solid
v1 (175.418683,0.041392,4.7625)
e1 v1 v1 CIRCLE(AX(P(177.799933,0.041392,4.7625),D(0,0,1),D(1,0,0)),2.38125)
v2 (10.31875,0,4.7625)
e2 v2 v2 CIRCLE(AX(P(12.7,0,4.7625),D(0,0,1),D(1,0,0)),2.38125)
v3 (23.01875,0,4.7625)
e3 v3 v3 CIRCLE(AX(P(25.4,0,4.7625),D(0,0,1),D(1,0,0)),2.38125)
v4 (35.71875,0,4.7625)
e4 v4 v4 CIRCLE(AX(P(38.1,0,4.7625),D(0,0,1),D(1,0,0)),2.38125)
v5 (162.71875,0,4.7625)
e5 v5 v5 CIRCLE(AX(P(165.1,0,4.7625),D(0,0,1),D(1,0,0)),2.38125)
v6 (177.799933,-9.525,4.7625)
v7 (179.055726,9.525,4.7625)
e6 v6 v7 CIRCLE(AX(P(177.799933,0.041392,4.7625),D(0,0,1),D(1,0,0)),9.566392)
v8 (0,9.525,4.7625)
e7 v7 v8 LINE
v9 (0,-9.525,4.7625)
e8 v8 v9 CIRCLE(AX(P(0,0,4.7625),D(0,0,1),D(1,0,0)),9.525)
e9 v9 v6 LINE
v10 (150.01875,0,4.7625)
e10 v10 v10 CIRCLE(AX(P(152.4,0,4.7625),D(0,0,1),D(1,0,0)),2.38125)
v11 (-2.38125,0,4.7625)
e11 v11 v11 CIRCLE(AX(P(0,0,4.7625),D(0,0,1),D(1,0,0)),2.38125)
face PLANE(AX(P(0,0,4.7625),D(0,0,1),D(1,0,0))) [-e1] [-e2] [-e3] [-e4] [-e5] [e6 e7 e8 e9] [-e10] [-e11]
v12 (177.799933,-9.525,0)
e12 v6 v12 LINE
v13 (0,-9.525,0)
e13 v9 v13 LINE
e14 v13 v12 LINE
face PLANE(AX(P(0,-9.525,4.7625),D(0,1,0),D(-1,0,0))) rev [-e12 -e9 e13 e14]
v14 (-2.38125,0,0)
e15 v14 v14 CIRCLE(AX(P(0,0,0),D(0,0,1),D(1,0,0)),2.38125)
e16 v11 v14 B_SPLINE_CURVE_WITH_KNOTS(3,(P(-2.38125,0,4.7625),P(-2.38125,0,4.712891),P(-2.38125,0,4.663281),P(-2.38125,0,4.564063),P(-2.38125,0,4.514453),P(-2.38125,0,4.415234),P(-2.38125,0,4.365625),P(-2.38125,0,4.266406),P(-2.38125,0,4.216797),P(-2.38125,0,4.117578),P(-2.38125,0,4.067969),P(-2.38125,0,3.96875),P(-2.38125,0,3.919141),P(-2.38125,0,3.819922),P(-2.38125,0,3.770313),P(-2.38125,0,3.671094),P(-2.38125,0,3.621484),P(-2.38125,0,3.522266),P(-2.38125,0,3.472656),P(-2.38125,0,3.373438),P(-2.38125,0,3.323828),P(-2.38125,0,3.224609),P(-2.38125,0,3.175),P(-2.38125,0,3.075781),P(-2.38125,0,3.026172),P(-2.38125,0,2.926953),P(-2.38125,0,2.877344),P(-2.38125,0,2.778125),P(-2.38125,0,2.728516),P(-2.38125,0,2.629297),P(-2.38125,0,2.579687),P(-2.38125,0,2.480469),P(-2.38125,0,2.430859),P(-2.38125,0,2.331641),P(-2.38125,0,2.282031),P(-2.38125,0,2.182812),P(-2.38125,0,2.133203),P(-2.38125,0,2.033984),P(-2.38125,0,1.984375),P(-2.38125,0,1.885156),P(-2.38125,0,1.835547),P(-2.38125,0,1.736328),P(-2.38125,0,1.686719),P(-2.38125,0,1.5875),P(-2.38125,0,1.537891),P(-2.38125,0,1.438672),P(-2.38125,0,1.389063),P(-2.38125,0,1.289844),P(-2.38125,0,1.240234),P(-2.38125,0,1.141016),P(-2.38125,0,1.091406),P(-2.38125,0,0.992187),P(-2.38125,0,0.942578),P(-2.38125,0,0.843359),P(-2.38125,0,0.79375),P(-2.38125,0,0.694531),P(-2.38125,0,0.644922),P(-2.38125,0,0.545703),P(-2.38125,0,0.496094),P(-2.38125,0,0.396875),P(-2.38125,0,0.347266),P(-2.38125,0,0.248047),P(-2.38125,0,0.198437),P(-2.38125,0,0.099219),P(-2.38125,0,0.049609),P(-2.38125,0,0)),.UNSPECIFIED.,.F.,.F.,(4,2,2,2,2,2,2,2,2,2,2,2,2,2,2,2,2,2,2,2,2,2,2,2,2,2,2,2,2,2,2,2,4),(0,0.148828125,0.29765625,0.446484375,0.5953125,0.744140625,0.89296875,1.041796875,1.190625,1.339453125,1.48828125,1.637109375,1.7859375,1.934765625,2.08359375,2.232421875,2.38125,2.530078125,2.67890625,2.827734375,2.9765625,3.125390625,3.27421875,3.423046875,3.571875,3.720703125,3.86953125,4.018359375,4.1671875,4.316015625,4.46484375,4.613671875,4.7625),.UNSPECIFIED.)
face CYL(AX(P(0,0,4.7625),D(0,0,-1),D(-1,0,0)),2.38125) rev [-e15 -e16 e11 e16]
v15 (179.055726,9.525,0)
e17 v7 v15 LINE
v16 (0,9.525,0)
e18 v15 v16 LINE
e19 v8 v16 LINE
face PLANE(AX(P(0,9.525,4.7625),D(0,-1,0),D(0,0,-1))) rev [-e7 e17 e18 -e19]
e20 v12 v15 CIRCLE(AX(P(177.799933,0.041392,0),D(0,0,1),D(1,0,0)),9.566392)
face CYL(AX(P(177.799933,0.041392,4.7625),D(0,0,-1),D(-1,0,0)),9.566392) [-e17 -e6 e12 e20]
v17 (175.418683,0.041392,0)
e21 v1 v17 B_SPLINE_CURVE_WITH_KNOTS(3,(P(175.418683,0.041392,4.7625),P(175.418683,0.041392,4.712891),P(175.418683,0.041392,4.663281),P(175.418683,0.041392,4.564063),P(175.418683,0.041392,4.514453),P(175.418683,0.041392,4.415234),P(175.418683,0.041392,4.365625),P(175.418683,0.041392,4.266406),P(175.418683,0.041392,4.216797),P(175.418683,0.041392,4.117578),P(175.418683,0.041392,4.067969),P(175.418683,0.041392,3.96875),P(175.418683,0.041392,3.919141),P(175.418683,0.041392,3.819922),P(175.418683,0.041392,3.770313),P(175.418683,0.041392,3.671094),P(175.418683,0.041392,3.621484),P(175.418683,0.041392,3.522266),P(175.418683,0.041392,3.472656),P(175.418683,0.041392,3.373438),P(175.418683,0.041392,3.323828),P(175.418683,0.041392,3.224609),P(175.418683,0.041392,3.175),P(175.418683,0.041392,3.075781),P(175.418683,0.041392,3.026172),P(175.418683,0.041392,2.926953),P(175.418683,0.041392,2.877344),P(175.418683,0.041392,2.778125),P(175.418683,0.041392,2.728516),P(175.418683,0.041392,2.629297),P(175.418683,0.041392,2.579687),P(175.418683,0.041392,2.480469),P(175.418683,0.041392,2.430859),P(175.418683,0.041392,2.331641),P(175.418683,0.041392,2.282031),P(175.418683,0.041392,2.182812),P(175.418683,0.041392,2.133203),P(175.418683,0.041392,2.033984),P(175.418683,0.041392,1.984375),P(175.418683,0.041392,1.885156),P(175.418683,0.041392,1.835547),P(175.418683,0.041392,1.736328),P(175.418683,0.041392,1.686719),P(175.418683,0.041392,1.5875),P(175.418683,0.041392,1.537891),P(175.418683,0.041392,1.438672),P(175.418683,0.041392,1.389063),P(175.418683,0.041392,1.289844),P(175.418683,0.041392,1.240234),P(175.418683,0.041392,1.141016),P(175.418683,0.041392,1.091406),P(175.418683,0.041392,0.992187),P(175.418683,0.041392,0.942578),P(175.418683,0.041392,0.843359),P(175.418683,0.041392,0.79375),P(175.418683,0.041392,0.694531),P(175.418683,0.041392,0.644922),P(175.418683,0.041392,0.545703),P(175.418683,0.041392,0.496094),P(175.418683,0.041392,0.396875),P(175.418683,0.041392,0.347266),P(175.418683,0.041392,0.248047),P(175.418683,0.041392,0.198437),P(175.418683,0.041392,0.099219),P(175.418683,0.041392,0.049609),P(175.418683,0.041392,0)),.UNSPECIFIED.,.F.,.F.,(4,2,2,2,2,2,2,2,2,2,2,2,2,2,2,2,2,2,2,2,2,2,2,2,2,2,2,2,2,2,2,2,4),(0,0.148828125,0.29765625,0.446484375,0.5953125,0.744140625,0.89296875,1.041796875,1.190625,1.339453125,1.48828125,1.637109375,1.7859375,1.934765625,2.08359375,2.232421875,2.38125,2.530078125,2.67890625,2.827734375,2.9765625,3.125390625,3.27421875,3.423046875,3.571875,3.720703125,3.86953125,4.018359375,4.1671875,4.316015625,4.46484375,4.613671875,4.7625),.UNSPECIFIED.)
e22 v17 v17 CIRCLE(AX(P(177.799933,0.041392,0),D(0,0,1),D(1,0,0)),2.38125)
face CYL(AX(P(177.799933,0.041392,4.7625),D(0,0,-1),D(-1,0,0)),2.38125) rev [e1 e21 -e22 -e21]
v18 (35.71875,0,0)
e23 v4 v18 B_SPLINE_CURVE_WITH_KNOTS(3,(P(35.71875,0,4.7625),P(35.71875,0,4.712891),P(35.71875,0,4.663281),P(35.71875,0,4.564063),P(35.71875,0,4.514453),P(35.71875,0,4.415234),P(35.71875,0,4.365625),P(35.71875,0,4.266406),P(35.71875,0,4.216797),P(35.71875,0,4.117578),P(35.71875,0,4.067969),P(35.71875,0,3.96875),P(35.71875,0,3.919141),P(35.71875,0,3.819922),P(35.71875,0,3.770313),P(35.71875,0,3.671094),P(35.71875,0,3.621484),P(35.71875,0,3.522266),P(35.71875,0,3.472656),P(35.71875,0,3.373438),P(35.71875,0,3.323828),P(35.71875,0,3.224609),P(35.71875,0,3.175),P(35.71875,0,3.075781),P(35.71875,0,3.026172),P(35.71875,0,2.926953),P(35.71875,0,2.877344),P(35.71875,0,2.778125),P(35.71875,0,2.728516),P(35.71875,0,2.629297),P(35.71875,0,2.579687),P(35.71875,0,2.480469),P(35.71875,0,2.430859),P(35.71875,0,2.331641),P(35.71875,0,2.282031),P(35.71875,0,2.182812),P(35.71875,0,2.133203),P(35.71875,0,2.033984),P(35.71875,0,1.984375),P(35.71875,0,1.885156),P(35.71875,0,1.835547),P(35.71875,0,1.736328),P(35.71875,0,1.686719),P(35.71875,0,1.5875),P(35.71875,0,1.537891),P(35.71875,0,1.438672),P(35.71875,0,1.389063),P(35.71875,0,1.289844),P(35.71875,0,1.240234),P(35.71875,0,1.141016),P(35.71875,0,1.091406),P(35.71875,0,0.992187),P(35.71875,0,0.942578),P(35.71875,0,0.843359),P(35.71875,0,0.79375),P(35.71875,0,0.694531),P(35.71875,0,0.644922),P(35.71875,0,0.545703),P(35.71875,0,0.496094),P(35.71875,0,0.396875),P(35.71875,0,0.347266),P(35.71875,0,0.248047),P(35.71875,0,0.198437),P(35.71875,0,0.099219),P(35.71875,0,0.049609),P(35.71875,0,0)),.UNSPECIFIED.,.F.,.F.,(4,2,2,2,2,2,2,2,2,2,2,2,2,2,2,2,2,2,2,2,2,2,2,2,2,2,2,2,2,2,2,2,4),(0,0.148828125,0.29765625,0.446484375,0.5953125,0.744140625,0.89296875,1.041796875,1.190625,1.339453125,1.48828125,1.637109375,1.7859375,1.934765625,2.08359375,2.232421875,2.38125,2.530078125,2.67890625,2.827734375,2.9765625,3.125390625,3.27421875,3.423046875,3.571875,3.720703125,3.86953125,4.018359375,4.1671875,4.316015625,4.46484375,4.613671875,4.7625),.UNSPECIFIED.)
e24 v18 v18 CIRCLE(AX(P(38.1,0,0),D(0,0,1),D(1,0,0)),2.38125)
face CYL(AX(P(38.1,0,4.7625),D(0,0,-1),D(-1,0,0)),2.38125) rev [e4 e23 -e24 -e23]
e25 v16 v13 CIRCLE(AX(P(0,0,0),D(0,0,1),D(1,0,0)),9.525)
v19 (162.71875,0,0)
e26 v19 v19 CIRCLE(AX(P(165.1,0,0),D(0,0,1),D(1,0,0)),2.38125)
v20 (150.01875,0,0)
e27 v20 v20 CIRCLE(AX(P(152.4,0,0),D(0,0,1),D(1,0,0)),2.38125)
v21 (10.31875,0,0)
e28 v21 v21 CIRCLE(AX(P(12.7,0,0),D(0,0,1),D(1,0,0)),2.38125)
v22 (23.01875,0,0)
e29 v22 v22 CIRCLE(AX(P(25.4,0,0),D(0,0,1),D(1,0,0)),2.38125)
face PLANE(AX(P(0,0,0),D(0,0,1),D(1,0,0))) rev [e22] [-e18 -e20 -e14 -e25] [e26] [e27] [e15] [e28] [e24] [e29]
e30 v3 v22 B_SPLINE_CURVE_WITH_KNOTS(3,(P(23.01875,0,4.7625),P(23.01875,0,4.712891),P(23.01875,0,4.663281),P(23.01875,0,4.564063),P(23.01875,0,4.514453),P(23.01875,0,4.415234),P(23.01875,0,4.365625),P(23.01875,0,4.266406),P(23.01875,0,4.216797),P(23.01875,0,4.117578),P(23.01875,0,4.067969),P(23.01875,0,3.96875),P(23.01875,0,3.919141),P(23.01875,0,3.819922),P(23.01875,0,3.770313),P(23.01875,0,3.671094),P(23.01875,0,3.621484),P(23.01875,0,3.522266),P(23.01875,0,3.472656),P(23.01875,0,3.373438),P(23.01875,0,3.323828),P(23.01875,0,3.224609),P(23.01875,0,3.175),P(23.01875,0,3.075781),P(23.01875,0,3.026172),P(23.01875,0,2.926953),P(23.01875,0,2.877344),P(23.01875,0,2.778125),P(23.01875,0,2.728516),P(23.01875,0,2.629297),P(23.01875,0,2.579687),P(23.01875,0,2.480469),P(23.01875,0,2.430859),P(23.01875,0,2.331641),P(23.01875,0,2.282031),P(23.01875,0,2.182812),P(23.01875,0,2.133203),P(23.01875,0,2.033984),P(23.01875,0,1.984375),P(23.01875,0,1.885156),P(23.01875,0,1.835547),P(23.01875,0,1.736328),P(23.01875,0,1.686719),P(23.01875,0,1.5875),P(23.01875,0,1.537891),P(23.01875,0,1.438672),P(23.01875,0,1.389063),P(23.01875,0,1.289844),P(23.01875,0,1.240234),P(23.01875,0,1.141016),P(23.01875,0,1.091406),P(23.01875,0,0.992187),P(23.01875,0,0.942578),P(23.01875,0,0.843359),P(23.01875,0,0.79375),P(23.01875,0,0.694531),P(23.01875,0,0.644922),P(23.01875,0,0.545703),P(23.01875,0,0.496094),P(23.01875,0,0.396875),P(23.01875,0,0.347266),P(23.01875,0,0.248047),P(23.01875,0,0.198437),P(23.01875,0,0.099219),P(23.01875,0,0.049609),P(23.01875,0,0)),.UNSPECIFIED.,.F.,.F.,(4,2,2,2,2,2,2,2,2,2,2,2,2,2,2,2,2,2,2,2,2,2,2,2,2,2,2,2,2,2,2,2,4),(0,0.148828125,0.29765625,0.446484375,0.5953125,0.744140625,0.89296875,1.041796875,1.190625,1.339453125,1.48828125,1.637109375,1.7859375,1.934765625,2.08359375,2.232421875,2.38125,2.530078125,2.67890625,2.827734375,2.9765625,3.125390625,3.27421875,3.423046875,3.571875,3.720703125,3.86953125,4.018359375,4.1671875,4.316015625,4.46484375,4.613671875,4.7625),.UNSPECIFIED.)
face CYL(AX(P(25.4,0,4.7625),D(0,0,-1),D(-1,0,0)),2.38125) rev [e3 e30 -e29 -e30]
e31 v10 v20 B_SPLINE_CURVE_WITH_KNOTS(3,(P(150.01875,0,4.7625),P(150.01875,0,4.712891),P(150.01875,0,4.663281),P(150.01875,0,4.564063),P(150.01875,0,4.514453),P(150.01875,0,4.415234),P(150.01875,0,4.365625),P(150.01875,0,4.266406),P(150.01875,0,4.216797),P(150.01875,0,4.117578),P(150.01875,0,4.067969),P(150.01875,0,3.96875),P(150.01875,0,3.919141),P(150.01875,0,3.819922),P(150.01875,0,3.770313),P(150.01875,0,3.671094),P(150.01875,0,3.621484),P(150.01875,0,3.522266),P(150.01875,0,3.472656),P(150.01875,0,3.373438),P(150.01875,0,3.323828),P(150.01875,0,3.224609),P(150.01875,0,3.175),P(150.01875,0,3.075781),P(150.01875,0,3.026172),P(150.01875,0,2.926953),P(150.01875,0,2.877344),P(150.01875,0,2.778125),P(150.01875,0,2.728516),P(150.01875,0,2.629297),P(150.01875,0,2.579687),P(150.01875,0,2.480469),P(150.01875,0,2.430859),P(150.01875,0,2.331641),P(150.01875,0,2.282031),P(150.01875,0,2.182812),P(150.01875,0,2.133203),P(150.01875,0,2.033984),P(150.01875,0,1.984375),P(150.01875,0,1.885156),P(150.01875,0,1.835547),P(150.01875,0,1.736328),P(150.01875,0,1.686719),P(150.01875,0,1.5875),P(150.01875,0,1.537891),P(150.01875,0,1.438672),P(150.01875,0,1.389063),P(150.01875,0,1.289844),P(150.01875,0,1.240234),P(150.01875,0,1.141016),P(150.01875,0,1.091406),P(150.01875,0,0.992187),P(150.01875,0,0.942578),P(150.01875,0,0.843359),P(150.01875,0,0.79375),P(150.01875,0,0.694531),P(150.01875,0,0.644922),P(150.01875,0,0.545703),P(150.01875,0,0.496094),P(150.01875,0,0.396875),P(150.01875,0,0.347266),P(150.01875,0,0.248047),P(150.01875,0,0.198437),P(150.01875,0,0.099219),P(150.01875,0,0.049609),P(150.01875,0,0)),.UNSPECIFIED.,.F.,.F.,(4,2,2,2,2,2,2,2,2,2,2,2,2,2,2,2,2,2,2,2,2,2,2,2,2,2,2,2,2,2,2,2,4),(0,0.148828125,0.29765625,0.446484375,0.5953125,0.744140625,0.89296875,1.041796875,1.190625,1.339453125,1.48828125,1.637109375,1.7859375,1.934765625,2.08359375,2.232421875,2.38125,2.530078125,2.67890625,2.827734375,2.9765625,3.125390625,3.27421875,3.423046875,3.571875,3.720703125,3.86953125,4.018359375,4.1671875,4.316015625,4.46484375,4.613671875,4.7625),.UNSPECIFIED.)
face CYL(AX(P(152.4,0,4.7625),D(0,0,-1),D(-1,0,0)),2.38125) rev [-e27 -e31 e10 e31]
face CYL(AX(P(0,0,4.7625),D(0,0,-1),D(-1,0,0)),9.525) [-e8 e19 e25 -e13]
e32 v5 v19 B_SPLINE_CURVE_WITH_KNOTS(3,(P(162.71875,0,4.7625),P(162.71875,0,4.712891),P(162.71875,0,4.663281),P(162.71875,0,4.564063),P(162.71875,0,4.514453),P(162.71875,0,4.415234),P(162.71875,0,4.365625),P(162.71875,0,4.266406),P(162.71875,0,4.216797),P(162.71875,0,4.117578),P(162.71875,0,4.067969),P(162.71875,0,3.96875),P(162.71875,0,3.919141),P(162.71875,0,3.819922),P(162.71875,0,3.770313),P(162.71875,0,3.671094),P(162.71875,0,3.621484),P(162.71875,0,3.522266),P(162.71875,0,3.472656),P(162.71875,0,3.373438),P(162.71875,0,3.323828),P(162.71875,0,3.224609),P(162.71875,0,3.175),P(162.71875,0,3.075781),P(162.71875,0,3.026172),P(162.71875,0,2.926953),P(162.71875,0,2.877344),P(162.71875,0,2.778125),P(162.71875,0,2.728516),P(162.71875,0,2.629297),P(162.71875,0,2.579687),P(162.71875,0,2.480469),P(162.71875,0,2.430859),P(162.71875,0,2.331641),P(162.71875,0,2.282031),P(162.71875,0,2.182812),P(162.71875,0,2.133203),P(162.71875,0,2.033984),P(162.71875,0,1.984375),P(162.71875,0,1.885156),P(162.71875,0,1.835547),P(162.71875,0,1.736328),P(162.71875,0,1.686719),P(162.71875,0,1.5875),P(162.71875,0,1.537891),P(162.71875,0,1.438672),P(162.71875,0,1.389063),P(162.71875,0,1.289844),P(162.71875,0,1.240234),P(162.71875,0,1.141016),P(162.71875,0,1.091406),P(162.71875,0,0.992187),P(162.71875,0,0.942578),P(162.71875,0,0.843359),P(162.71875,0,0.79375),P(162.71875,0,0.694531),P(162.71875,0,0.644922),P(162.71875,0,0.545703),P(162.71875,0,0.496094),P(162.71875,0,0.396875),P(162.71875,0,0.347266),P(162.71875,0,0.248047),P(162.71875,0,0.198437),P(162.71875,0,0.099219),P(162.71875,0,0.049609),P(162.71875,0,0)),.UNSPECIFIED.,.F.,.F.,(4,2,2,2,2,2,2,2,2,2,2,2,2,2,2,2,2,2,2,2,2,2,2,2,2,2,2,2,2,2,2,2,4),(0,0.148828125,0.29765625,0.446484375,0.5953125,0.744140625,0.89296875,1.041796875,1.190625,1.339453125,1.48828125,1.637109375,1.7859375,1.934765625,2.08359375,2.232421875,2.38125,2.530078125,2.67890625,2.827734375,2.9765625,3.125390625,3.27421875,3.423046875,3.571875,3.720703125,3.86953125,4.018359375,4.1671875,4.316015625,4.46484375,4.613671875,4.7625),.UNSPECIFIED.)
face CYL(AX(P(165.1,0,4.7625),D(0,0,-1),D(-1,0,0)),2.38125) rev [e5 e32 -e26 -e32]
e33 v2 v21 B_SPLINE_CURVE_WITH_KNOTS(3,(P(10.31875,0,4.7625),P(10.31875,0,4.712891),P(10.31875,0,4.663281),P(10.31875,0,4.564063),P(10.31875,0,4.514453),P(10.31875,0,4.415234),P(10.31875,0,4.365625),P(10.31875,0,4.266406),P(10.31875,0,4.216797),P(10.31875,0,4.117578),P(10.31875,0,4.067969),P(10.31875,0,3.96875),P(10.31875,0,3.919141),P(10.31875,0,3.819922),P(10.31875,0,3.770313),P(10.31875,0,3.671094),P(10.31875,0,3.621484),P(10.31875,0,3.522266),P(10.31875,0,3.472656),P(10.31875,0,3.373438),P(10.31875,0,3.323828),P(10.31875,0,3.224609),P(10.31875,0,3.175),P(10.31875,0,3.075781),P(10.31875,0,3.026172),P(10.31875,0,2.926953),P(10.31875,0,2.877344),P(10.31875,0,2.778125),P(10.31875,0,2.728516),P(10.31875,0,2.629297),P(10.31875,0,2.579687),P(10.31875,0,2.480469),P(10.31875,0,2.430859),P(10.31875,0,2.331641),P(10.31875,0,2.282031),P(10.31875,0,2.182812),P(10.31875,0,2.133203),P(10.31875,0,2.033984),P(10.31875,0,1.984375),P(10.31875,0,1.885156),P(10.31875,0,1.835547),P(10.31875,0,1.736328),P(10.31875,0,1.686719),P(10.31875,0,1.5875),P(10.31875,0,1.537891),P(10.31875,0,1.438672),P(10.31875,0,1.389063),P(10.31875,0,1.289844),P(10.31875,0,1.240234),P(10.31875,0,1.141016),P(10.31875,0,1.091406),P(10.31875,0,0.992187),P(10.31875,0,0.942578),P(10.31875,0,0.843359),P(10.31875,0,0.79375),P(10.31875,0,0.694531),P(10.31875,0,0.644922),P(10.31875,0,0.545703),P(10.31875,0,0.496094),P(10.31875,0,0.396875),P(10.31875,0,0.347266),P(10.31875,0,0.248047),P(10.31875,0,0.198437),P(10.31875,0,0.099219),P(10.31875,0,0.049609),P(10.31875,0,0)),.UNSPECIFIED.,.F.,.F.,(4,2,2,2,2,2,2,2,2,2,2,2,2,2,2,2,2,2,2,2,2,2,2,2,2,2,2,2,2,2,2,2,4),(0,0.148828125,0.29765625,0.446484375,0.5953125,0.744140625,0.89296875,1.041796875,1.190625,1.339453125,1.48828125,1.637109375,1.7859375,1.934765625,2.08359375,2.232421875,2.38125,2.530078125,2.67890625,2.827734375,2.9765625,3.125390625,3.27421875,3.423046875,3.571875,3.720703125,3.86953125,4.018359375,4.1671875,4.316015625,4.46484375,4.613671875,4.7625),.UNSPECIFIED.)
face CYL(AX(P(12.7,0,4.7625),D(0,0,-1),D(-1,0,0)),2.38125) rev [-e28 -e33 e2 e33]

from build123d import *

# Parameters (mm, degrees)
SKETCH1_R           = 2.38125
BOSS_EXTRUDE1_DEPTH = 4.7625


with BuildPart() as part:
    # Sketch1 → Boss-Extrude1 (new body)
    with BuildSketch(Plane.XY):
        with BuildLine():
            Line((0, 9.525), (179.055725947, 9.525))
            ThreePointArc((179.055725947, 9.525), (187.345605876, -0.58786798), (177.799932549, -9.525))
            Line((177.799932549, -9.525), (0, -9.525))
            ThreePointArc((0, -9.525), (-9.525, 0), (0, 9.525))
        make_face()
        with Locations(Location((0, 0, 0), (0, 0, 180))):
            Circle(SKETCH1_R, mode=Mode.SUBTRACT)
        with Locations(Location((12.7, 0, 0), (0, 0, 180))):
            Circle(SKETCH1_R, mode=Mode.SUBTRACT)
        with Locations(Location((25.4, 0, 0), (0, 0, 180))):
            Circle(SKETCH1_R, mode=Mode.SUBTRACT)
        with Locations(Location((38.1, 0, 0), (0, 0, 180))):
            Circle(SKETCH1_R, mode=Mode.SUBTRACT)
        with Locations(Location((177.799932549, 0.041391524, 0), (0, 0, 180))):
            Circle(SKETCH1_R, mode=Mode.SUBTRACT)
        with Locations(Location((165.1, 2.22e-07, 0), (0, 0, 180))):
            Circle(SKETCH1_R, mode=Mode.SUBTRACT)
        with Locations(Location((152.4, 2.7e-08, 0), (0, 0, 180))):
            Circle(SKETCH1_R, mode=Mode.SUBTRACT)
    extrude(amount=BOSS_EXTRUDE1_DEPTH)


solid = part.part
